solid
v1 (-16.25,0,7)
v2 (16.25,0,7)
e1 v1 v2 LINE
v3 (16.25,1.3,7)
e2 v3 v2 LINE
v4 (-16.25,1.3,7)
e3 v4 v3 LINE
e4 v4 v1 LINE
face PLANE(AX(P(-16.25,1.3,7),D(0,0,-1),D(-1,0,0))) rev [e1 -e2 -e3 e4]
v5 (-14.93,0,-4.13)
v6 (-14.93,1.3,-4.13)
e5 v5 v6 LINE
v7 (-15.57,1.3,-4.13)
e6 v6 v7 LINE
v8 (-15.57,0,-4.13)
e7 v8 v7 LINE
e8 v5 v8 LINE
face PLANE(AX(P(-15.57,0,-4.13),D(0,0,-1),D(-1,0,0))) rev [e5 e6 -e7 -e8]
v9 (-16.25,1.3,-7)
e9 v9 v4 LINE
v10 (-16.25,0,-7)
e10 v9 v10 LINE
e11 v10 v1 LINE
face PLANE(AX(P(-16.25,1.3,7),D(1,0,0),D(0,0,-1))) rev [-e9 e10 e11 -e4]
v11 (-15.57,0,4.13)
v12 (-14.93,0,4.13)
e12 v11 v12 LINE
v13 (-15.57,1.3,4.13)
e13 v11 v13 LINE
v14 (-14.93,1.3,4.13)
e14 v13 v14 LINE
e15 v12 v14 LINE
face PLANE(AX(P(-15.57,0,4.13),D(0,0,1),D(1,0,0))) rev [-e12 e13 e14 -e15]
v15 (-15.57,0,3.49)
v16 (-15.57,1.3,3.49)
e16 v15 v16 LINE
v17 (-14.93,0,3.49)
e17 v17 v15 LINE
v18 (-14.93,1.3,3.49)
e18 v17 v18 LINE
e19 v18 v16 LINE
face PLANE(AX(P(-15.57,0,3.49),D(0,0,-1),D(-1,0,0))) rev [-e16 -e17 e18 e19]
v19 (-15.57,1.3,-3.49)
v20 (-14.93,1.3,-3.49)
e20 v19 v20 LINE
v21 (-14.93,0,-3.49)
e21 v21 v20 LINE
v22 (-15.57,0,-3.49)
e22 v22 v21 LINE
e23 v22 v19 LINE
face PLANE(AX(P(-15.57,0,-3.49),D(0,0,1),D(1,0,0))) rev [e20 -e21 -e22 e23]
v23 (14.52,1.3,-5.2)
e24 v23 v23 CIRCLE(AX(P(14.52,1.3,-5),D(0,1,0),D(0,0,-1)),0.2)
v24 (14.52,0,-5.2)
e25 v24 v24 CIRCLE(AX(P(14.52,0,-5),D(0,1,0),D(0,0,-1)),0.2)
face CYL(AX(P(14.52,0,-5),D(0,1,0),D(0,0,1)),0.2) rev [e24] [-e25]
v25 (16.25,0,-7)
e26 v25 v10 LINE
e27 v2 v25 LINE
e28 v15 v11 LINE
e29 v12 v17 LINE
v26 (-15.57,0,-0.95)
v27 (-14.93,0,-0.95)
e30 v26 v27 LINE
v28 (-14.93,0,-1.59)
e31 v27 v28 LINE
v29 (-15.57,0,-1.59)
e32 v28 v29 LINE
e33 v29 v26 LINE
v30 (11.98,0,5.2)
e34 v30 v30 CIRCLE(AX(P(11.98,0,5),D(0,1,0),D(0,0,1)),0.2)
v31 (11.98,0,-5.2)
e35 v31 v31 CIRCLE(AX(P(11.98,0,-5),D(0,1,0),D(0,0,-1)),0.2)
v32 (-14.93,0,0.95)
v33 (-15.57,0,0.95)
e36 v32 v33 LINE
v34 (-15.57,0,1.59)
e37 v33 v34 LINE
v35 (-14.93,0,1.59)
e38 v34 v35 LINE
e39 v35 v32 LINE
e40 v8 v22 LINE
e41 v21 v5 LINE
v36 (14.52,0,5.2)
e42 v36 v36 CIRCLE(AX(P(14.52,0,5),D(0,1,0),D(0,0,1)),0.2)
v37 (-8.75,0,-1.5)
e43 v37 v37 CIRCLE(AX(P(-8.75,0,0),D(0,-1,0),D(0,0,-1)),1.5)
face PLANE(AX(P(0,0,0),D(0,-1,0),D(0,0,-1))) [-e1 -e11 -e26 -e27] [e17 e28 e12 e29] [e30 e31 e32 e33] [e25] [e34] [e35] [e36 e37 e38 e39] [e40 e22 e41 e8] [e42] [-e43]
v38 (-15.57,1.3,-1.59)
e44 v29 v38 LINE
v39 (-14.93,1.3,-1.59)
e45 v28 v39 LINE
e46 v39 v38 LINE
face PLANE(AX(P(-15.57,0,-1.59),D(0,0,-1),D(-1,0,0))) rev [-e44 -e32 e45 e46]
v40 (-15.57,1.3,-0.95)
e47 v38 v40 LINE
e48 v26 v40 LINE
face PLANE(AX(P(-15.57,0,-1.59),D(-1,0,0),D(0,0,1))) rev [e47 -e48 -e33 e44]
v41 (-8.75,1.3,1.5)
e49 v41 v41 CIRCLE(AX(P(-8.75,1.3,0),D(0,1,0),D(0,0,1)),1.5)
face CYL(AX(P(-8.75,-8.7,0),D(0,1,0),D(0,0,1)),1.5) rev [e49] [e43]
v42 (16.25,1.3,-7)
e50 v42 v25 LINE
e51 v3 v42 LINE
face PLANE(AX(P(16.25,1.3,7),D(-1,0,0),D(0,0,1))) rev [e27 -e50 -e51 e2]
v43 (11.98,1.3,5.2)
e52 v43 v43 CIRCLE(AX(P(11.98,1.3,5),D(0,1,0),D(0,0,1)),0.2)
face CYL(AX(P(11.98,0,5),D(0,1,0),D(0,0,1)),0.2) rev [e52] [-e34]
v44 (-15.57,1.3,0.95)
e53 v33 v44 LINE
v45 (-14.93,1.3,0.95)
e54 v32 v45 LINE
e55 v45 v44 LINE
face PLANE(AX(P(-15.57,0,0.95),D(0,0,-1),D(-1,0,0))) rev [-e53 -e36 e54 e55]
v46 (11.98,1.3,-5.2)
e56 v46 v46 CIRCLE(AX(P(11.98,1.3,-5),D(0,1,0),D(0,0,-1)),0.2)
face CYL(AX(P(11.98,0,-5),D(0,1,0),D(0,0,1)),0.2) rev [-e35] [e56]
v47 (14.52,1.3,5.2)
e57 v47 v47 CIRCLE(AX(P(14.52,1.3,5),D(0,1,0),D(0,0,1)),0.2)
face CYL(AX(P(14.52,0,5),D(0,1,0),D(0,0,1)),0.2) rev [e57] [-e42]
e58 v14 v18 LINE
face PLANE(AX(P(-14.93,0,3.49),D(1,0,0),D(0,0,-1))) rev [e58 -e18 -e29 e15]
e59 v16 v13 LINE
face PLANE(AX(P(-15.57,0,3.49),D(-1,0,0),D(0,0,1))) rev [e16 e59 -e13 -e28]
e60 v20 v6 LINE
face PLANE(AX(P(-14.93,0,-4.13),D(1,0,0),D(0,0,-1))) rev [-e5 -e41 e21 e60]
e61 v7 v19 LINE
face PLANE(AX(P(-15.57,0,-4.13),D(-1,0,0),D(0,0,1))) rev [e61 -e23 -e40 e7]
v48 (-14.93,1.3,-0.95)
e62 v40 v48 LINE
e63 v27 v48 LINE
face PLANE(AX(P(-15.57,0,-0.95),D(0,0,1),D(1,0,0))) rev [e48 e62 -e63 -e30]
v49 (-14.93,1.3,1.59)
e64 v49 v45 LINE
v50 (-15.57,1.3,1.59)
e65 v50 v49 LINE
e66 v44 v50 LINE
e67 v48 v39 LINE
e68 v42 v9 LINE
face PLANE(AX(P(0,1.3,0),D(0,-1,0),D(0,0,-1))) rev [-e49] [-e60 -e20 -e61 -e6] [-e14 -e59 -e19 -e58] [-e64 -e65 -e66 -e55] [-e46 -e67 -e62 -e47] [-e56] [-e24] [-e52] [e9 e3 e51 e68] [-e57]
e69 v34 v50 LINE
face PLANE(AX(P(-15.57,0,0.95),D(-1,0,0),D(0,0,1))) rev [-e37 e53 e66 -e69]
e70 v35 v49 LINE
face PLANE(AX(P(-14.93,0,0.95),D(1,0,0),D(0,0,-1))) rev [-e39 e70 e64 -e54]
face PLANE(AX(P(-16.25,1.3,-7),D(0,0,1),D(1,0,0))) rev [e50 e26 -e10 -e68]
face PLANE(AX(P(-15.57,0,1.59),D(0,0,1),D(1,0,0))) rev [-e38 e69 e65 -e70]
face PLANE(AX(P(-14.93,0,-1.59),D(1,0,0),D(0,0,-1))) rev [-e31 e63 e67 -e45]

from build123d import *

# Parameters (mm, degrees)
SKETCH1_W           = 32.5
SKETCH1_H           = 14
BOSS_EXTRUDE1_DEPTH = 1.3
SKETCH2_R           = 0.2
SKETCH2_W           = 0.64
SKETCH2_H           = 0.64
CUT_EXTRUDE1_DEPTH  = 2.3
SKETCH3_R           = 1.5
CUT_EXTRUDE2_DEPTH  = 10


with BuildPart() as part:
    # Sketch1 → Boss-Extrude1 (new body)
    with BuildSketch(Plane(origin=(0, 0, 0), x_dir=(1, 0, 0), z_dir=(0, 1, 0))):
        Rectangle(SKETCH1_W, SKETCH1_H)
    extrude(amount=BOSS_EXTRUDE1_DEPTH)

    # Sketch2 → Cut-Extrude1 (cut, through all)
    with BuildSketch(Plane(origin=(0, 1.3, 0), x_dir=(1, 0, 0), z_dir=(0, 1, 0))):
        with Locations((14.52, -5)):
            Circle(SKETCH2_R)
        with Locations((11.98, -5)):
            Circle(SKETCH2_R)
        with Locations((11.98, 5)):
            Circle(SKETCH2_R)
        with Locations((14.52, 5)):
            Circle(SKETCH2_R)
        with Locations((-15.25, 3.81)):
            Rectangle(SKETCH2_W, SKETCH2_H)
        with Locations((-15.25, 1.27)):
            Rectangle(SKETCH2_W, SKETCH2_H)
        with Locations((-15.25, -1.27)):
            Rectangle(SKETCH2_W, SKETCH2_H)
        with Locations((-15.25, -3.81)):
            Rectangle(SKETCH2_W, SKETCH2_H)
    extrude(amount=-CUT_EXTRUDE1_DEPTH, mode=Mode.SUBTRACT)

    # Sketch3 → Cut-Extrude2 (cut)
    with BuildSketch(Plane(origin=(0, 1.3, 0), x_dir=(1, 0, 0), z_dir=(0, 1, 0))):
        with Locations((-8.75, 0)):
            Circle(SKETCH3_R)
    extrude(amount=-CUT_EXTRUDE2_DEPTH, mode=Mode.SUBTRACT)


solid = part.part
